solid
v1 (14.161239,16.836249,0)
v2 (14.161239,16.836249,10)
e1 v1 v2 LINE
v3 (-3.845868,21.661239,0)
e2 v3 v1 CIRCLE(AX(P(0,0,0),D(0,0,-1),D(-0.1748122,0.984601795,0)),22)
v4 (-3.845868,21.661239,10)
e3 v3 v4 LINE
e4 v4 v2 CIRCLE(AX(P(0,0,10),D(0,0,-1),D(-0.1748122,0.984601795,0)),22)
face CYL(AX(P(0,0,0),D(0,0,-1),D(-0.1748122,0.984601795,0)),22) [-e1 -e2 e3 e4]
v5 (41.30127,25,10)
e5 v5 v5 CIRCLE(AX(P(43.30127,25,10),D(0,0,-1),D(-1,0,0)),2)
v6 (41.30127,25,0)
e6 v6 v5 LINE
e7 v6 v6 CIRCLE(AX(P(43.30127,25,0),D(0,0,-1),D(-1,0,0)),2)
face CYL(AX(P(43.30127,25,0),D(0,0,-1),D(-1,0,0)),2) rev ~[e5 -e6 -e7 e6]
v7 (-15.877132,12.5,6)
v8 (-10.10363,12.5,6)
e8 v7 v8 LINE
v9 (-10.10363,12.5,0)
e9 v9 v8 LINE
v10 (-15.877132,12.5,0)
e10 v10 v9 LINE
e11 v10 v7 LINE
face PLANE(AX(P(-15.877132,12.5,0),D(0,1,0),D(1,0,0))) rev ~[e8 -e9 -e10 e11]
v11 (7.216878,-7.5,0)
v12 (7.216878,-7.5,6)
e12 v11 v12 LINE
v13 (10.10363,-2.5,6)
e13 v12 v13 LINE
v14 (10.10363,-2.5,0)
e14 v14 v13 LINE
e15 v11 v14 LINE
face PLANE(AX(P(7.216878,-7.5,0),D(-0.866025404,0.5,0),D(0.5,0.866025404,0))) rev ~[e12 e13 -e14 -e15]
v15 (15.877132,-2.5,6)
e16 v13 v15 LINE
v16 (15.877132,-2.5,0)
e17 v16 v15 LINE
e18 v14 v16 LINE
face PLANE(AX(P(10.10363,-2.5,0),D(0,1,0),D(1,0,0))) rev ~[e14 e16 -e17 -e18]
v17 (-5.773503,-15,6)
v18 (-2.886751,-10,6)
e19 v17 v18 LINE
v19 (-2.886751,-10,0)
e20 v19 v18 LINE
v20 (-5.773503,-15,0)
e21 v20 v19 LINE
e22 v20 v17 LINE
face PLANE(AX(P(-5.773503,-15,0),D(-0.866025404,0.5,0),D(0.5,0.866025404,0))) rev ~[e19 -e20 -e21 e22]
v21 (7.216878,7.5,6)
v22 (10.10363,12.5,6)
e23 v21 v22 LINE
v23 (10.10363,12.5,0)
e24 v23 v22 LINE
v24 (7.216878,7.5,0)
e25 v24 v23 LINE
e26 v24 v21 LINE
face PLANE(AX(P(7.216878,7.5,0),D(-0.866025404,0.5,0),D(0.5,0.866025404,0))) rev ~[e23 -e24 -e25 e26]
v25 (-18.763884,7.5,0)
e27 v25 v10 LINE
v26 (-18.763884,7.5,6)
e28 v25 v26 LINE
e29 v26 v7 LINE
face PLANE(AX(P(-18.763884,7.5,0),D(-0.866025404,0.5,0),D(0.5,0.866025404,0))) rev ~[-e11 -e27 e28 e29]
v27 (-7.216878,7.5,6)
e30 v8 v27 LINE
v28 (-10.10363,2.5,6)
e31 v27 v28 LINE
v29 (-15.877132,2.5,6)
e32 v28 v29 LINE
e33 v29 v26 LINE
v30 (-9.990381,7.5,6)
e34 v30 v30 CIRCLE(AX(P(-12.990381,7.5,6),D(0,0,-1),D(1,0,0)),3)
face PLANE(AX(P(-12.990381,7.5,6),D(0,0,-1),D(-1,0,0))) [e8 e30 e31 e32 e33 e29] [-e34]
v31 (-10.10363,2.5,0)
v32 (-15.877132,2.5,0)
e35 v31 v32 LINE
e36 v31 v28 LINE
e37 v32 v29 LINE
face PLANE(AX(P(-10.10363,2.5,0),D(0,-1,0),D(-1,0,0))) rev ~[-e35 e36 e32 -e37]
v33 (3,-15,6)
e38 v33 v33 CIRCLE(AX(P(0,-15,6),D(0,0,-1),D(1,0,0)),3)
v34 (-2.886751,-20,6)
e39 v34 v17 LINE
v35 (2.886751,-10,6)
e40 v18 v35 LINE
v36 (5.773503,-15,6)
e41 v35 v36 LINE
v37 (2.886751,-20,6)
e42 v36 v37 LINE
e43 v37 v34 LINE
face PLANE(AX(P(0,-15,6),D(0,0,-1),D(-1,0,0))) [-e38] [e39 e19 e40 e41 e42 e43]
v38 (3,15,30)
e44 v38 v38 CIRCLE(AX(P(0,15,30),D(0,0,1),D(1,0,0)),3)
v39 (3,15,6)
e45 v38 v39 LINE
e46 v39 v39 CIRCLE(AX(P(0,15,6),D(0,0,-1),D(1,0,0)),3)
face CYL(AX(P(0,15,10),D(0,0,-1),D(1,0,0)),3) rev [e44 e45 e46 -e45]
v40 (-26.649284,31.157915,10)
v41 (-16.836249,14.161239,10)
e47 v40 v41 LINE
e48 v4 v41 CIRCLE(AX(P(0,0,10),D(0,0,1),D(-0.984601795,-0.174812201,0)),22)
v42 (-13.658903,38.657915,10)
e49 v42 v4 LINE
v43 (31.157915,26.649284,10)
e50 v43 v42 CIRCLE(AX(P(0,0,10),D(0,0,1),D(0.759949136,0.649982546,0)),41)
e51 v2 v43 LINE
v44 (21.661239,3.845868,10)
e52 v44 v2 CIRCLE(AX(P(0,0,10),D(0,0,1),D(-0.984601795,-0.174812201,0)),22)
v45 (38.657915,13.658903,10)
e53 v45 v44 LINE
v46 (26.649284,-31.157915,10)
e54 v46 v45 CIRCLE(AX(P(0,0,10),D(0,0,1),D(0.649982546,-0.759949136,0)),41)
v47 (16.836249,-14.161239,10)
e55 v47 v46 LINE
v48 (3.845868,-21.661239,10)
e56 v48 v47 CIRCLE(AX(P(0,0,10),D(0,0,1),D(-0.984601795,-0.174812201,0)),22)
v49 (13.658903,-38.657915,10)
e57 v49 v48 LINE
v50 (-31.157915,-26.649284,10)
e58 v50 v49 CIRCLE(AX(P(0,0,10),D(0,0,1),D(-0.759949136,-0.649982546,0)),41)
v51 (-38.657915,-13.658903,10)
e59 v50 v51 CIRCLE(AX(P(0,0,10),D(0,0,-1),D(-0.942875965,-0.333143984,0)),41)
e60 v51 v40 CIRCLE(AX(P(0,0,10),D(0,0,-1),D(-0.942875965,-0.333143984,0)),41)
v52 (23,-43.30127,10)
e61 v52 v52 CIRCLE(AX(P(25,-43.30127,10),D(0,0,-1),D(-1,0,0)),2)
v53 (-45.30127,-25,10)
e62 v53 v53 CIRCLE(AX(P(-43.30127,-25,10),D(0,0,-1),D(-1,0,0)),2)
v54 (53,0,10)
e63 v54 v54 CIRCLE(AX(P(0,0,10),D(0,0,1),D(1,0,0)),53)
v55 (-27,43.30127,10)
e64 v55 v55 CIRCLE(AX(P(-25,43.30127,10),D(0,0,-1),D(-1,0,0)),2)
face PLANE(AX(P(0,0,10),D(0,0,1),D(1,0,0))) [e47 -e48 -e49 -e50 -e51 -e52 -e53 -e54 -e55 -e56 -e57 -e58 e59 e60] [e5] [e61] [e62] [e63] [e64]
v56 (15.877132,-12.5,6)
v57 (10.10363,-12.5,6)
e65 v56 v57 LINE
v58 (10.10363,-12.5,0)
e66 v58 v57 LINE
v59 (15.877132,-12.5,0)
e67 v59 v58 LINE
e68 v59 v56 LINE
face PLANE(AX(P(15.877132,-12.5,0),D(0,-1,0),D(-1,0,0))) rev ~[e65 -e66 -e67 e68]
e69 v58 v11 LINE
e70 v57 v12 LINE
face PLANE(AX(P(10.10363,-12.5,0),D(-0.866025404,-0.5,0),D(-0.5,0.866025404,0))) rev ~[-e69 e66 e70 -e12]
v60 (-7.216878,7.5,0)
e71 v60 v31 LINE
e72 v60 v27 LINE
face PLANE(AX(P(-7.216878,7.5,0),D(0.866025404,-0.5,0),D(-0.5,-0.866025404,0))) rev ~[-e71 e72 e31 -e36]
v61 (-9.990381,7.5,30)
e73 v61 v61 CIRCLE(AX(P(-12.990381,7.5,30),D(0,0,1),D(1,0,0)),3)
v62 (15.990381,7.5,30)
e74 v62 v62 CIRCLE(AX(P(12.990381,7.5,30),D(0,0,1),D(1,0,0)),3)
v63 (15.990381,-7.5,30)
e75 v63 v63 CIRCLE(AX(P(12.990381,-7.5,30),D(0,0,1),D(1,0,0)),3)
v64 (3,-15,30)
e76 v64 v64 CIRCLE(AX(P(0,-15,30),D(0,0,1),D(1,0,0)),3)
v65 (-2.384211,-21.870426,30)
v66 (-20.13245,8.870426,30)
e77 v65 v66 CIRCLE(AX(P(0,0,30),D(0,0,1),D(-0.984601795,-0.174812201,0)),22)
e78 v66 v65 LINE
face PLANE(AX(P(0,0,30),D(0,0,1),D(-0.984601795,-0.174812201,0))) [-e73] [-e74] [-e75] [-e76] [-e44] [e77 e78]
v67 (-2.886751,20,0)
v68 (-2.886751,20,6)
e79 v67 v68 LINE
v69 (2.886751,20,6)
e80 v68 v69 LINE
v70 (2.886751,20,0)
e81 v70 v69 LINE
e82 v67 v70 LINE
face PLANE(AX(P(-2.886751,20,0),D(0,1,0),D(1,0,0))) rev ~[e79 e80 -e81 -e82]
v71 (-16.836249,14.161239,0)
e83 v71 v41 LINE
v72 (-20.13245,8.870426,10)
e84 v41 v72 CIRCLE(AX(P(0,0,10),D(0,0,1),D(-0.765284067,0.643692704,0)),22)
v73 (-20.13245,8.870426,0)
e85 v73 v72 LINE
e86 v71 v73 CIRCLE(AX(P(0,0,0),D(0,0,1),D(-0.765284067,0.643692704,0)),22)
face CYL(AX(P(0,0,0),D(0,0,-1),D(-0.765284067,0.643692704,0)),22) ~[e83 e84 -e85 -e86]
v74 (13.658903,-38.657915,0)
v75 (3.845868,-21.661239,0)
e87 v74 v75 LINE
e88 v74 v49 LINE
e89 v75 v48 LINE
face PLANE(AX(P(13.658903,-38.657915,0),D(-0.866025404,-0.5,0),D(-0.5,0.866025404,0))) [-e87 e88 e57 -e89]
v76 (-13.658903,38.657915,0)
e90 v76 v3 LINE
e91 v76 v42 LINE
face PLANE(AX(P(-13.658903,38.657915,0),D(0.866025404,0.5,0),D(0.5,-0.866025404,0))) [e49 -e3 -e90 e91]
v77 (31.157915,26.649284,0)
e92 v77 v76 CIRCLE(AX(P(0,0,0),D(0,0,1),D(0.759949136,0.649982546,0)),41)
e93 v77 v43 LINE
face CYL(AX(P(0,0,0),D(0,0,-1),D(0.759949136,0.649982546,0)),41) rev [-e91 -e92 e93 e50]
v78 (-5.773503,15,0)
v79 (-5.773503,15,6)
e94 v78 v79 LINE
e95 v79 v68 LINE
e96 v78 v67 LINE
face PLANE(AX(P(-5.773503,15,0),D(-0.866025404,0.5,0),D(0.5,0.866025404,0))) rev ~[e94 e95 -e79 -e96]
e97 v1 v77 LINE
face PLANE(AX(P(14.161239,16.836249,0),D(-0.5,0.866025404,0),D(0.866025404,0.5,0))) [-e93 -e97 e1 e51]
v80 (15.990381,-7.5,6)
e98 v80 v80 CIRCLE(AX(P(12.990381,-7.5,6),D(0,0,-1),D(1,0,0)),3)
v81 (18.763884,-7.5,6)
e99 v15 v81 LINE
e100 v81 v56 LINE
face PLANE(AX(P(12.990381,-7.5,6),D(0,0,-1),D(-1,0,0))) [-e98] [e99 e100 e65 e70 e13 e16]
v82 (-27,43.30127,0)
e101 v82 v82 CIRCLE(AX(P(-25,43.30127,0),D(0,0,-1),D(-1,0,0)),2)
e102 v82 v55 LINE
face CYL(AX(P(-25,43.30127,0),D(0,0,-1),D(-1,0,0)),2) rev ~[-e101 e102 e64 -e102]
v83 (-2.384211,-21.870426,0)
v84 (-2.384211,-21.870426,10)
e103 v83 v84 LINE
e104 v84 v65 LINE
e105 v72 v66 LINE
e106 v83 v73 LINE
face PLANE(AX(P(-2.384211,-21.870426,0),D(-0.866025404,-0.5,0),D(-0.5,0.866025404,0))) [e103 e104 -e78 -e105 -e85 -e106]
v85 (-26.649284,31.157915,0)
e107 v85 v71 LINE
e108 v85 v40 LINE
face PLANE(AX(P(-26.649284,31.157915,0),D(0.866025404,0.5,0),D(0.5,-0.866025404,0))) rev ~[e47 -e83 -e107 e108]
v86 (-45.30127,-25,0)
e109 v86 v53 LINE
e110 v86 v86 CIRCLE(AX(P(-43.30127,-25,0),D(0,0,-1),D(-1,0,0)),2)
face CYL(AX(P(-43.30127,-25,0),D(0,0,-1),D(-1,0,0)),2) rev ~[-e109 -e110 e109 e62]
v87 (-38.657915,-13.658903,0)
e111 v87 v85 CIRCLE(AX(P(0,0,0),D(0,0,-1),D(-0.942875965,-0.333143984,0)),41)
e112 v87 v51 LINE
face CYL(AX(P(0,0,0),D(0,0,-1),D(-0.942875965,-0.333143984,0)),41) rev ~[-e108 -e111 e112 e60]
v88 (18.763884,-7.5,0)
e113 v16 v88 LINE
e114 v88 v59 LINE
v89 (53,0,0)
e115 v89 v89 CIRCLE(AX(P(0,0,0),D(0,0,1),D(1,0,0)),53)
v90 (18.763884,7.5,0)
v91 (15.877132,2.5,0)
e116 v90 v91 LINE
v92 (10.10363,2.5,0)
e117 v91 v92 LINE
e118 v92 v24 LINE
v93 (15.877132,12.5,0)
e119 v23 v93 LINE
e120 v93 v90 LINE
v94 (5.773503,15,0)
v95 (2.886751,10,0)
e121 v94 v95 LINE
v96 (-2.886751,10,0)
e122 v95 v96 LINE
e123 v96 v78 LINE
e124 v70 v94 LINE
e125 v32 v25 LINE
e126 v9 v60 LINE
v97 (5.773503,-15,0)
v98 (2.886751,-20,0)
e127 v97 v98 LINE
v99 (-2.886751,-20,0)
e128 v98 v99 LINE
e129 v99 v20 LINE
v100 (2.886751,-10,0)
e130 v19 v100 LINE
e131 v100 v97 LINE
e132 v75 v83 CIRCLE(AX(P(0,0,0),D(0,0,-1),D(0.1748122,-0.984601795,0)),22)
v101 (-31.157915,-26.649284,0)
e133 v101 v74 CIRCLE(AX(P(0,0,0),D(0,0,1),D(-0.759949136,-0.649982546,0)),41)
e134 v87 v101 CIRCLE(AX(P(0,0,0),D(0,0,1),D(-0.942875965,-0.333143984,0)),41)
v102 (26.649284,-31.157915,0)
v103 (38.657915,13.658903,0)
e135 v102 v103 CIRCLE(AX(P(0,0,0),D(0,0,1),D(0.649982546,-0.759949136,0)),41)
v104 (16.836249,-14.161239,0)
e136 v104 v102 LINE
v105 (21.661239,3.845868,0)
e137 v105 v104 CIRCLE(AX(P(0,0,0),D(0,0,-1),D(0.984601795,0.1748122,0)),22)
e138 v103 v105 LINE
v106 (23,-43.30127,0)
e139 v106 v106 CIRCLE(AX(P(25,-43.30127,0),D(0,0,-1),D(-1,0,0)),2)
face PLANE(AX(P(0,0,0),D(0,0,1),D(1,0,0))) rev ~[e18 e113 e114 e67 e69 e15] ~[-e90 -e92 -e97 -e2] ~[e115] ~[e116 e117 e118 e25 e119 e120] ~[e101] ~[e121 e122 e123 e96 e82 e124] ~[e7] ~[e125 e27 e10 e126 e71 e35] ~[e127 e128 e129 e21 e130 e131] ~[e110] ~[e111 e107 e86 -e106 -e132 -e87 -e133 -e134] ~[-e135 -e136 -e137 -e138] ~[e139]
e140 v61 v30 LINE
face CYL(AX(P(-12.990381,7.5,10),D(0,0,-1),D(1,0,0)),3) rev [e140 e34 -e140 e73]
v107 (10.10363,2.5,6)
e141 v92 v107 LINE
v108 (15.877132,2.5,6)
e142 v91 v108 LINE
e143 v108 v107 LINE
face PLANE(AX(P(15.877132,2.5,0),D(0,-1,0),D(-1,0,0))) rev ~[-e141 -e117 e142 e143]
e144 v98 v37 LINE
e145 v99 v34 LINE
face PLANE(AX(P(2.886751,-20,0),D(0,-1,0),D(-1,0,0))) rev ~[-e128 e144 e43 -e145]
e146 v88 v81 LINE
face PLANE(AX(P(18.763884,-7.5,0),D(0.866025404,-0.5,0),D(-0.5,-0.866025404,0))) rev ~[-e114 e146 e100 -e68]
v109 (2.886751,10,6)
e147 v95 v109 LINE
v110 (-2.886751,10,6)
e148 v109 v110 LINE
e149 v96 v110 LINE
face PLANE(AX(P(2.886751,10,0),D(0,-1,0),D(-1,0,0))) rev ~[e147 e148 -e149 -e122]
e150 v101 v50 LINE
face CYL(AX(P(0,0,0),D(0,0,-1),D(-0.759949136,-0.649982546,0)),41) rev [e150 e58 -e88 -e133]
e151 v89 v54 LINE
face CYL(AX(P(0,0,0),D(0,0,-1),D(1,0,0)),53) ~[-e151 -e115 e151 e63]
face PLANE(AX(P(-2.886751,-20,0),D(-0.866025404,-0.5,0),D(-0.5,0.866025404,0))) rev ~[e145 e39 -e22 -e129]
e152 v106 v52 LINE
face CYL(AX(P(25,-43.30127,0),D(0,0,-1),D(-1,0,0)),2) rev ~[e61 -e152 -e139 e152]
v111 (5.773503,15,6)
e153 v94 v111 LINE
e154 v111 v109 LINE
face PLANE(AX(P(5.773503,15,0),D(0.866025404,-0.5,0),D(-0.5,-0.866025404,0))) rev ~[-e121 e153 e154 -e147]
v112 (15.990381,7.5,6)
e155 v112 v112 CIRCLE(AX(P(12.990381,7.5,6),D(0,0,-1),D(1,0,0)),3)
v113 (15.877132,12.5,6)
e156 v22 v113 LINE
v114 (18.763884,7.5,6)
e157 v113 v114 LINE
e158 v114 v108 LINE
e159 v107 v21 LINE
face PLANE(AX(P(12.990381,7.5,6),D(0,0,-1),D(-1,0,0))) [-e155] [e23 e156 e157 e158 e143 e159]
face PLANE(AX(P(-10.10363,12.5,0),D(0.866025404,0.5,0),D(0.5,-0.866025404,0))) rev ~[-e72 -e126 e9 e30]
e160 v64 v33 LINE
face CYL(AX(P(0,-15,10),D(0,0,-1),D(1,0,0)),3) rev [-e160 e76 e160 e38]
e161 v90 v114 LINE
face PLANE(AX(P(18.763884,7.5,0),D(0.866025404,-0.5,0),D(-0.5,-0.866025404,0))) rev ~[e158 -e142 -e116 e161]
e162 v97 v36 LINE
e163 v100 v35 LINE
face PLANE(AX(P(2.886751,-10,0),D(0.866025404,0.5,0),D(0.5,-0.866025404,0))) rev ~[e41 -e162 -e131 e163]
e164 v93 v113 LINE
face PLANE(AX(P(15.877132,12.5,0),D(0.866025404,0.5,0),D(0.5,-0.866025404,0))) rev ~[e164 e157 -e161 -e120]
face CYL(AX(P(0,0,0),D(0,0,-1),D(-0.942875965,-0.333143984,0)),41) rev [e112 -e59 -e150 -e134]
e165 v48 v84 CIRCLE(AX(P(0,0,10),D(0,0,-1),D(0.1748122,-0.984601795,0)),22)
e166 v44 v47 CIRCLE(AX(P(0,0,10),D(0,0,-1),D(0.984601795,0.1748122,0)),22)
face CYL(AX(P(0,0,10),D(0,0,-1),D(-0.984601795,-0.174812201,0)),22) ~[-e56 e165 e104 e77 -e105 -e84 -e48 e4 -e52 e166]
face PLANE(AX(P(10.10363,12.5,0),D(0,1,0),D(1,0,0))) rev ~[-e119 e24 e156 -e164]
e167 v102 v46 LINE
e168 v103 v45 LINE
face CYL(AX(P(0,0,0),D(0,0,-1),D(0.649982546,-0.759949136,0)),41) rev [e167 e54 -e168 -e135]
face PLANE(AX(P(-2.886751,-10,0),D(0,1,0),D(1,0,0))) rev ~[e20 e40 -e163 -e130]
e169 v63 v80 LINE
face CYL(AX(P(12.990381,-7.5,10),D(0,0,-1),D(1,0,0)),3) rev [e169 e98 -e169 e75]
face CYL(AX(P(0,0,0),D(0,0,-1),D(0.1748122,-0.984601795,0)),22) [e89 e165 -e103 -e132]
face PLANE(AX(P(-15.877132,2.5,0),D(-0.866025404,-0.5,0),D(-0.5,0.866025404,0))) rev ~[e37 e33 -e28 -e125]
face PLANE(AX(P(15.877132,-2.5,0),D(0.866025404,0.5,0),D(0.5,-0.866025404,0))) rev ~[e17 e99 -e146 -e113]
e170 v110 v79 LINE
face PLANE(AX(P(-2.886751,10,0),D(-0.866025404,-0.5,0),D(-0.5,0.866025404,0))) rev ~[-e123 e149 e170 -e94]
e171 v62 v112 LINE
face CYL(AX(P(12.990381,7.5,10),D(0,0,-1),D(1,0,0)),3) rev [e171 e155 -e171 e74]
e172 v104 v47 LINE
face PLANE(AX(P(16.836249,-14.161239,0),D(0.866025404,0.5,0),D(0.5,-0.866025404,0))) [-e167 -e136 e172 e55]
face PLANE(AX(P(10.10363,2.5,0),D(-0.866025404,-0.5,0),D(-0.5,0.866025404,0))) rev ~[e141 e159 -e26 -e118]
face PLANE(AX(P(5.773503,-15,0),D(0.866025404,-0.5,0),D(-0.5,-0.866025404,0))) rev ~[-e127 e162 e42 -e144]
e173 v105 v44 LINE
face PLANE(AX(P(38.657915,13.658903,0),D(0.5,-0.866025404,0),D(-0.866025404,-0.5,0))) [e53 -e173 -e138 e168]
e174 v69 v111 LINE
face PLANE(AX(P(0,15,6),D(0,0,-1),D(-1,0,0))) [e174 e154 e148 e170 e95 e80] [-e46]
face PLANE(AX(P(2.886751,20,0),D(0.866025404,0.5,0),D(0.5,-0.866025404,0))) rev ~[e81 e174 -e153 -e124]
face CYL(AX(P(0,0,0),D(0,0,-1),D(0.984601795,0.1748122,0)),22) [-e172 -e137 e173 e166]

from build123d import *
from build123d.topology import SkipClean

# Parameters (mm, degrees)
ESQUISSE2_R             = 53
ESQUISSE2_R_2           = 3
BOSS_EXTRU_1_DEPTH      = 10
ESQUISSE3_R             = 22
ESQUISSE3_R_2           = 3
BOSS_EXTRU_2_DEPTH      = 20
ENL_V_MAT_EXTRU_1_DEPTH = 6
ENL_V_MAT_EXTRU_2_DEPTH = 81.734131568
ESQUISSE7_R             = 2
ENL_V_MAT_EXTRU_3_DEPTH = 81.734131568


with BuildPart() as part:
    # Esquisse2 → Boss.-Extru.1 (new body)
    with BuildSketch(Plane.XY):
        Circle(ESQUISSE2_R)
        with Locations((0, -15)):
            Circle(ESQUISSE2_R_2, mode=Mode.SUBTRACT)
        with Locations((12.990381057, -7.5)):
            Circle(ESQUISSE2_R_2, mode=Mode.SUBTRACT)
        with Locations((12.990381057, 7.5)):
            Circle(ESQUISSE2_R_2, mode=Mode.SUBTRACT)
        with Locations((0, 15)):
            Circle(ESQUISSE2_R_2, mode=Mode.SUBTRACT)
        with Locations((-12.990381057, 7.5)):
            Circle(ESQUISSE2_R_2, mode=Mode.SUBTRACT)
        with BuildLine():
            Line((-26.649284405, 31.157914575), (-16.836249468, 14.161239488))
            ThreePointArc((-16.836249468, 14.161239488), (-21.250368178, 5.694018992), (-21.661239488, -3.845868412))
            Line((-21.661239488, -3.845868412), (-38.657914575, -13.658903349))
            ThreePointArc((-38.657914575, -13.658903349), (-39.602958878, 10.611580849), (-26.649284405, 31.157914575))
        make_face(mode=Mode.SUBTRACT)
        with BuildLine():
            Line((-13.658903349, 38.657914575), (-3.845868412, 21.661239488))
            ThreePointArc((-3.845868412, 21.661239488), (5.694018992, 21.250368178), (14.161239488, 16.836249468))
            Line((14.161239488, 16.836249468), (31.157914575, 26.649284405))
            ThreePointArc((31.157914575, 26.649284405), (10.611580849, 39.602958878), (-13.658903349, 38.657914575))
        make_face(mode=Mode.SUBTRACT)
        with BuildLine():
            Line((38.657914575, 13.658903349), (21.661239488, 3.845868412))
            ThreePointArc((21.661239488, 3.845868412), (21.250368178, -5.694018992), (16.836249468, -14.161239488))
            Line((16.836249468, -14.161239488), (26.649284405, -31.157914575))
            ThreePointArc((26.649284405, -31.157914575), (39.602958878, -10.611580849), (38.657914575, 13.658903349))
        make_face(mode=Mode.SUBTRACT)
        with BuildLine():
            Line((13.658903349, -38.657914575), (3.845868412, -21.661239488))
            ThreePointArc((3.845868412, -21.661239488), (-5.694018992, -21.250368178), (-14.161239488, -16.836249468))
            Line((-14.161239488, -16.836249468), (-31.157914575, -26.649284405))
            ThreePointArc((-31.157914575, -26.649284405), (-10.611580849, -39.602958878), (13.658903349, -38.657914575))
        make_face(mode=Mode.SUBTRACT)
    extrude(amount=BOSS_EXTRU_1_DEPTH)

    # Esquisse3 → Boss.-Extru.2 (add)
    with BuildSketch(Plane.XY.offset(10)):
        with Locations(Location((0, 0, 0), (0, 0, 190.067729528))):
            Circle(ESQUISSE3_R)
        with Locations((-12.990381057, 7.5)):
            Circle(ESQUISSE3_R_2, mode=Mode.SUBTRACT)
        with Locations((0, 15)):
            Circle(ESQUISSE3_R_2, mode=Mode.SUBTRACT)
        with Locations((12.990381057, 7.5)):
            Circle(ESQUISSE3_R_2, mode=Mode.SUBTRACT)
        with Locations((12.990381057, -7.5)):
            Circle(ESQUISSE3_R_2, mode=Mode.SUBTRACT)
        with Locations((0, -15)):
            Circle(ESQUISSE3_R_2, mode=Mode.SUBTRACT)
    extrude(amount=BOSS_EXTRU_2_DEPTH)

    # Esquisse4 → Enlèv. mat.-Extru.1 (cut)
    with BuildSketch(Plane(origin=(0, 0, 0), x_dir=(-1, 0, 0), z_dir=(0, 0, -1))):
        Polygon((15.877132403, 2.5), (18.763883749, 7.5), (15.877132403, 12.5), (10.103629711, 12.5), (7.216878365, 7.5), (10.103629711, 2.5), align=None)
        Polygon((-2.886751346, 20), (-5.773502692, 15), (-2.886751346, 10), (2.886751346, 10), (5.773502692, 15), (2.886751346, 20), align=None)
        Polygon((-18.763883749, 7.5), (-15.877132403, 2.5), (-10.103629711, 2.5), (-7.216878365, 7.5), (-10.103629711, 12.5), (-15.877132403, 12.5), align=None)
        Polygon((-15.877132403, -12.5), (-10.103629711, -12.5), (-7.216878365, -7.5), (-10.103629711, -2.5), (-15.877132403, -2.5), (-18.763883749, -7.5), align=None)
        Polygon((2.886751346, -20), (5.773502692, -15), (2.886751346, -10), (-2.886751346, -10), (-5.773502692, -15), (-2.886751346, -20), align=None)
    extrude(amount=-ENL_V_MAT_EXTRU_1_DEPTH, mode=Mode.SUBTRACT)

    # Esquisse5 → Enlèv. mat.-Extru.2 (cut, through all)
    with SkipClean():  # the faces are left unmerged after this step: merging them gives an invalid solid
        with BuildSketch(Plane(origin=(0, 0, 0), x_dir=(-1, 0, 0), z_dir=(0, 0, -1))):
            with BuildLine():
                Line((2.384210575, -21.870426149), (20.132449924, 8.870426149))
                Line((20.132449924, 8.870426149), (38.657914575, -13.658903349))
                ThreePointArc((38.657914575, -13.658903349), (35.507041555, -20.5), (31.157914575, -26.649284405))
                Line((31.157914575, -26.649284405), (2.384210575, -21.870426149))
            make_face()
        extrude(amount=-ENL_V_MAT_EXTRU_2_DEPTH, mode=Mode.SUBTRACT)

    # Esquisse7 → Enlèv. mat.-Extru.3 (cut, through all)
    with SkipClean():  # the faces are left unmerged after this step: merging them gives an invalid solid
        with BuildSketch(Plane(origin=(0, 0, 0), x_dir=(-1, 0, 0), z_dir=(0, 0, -1))):
            with Locations((-43.301270189, 25)):
                Circle(ESQUISSE7_R)
            with Locations((25, 43.301270189)):
                Circle(ESQUISSE7_R)
            with Locations((43.301270189, -25)):
                Circle(ESQUISSE7_R)
            with Locations((-25, -43.301270189)):
                Circle(ESQUISSE7_R)
        extrude(amount=-ENL_V_MAT_EXTRU_3_DEPTH, mode=Mode.SUBTRACT)


solid = part.part
